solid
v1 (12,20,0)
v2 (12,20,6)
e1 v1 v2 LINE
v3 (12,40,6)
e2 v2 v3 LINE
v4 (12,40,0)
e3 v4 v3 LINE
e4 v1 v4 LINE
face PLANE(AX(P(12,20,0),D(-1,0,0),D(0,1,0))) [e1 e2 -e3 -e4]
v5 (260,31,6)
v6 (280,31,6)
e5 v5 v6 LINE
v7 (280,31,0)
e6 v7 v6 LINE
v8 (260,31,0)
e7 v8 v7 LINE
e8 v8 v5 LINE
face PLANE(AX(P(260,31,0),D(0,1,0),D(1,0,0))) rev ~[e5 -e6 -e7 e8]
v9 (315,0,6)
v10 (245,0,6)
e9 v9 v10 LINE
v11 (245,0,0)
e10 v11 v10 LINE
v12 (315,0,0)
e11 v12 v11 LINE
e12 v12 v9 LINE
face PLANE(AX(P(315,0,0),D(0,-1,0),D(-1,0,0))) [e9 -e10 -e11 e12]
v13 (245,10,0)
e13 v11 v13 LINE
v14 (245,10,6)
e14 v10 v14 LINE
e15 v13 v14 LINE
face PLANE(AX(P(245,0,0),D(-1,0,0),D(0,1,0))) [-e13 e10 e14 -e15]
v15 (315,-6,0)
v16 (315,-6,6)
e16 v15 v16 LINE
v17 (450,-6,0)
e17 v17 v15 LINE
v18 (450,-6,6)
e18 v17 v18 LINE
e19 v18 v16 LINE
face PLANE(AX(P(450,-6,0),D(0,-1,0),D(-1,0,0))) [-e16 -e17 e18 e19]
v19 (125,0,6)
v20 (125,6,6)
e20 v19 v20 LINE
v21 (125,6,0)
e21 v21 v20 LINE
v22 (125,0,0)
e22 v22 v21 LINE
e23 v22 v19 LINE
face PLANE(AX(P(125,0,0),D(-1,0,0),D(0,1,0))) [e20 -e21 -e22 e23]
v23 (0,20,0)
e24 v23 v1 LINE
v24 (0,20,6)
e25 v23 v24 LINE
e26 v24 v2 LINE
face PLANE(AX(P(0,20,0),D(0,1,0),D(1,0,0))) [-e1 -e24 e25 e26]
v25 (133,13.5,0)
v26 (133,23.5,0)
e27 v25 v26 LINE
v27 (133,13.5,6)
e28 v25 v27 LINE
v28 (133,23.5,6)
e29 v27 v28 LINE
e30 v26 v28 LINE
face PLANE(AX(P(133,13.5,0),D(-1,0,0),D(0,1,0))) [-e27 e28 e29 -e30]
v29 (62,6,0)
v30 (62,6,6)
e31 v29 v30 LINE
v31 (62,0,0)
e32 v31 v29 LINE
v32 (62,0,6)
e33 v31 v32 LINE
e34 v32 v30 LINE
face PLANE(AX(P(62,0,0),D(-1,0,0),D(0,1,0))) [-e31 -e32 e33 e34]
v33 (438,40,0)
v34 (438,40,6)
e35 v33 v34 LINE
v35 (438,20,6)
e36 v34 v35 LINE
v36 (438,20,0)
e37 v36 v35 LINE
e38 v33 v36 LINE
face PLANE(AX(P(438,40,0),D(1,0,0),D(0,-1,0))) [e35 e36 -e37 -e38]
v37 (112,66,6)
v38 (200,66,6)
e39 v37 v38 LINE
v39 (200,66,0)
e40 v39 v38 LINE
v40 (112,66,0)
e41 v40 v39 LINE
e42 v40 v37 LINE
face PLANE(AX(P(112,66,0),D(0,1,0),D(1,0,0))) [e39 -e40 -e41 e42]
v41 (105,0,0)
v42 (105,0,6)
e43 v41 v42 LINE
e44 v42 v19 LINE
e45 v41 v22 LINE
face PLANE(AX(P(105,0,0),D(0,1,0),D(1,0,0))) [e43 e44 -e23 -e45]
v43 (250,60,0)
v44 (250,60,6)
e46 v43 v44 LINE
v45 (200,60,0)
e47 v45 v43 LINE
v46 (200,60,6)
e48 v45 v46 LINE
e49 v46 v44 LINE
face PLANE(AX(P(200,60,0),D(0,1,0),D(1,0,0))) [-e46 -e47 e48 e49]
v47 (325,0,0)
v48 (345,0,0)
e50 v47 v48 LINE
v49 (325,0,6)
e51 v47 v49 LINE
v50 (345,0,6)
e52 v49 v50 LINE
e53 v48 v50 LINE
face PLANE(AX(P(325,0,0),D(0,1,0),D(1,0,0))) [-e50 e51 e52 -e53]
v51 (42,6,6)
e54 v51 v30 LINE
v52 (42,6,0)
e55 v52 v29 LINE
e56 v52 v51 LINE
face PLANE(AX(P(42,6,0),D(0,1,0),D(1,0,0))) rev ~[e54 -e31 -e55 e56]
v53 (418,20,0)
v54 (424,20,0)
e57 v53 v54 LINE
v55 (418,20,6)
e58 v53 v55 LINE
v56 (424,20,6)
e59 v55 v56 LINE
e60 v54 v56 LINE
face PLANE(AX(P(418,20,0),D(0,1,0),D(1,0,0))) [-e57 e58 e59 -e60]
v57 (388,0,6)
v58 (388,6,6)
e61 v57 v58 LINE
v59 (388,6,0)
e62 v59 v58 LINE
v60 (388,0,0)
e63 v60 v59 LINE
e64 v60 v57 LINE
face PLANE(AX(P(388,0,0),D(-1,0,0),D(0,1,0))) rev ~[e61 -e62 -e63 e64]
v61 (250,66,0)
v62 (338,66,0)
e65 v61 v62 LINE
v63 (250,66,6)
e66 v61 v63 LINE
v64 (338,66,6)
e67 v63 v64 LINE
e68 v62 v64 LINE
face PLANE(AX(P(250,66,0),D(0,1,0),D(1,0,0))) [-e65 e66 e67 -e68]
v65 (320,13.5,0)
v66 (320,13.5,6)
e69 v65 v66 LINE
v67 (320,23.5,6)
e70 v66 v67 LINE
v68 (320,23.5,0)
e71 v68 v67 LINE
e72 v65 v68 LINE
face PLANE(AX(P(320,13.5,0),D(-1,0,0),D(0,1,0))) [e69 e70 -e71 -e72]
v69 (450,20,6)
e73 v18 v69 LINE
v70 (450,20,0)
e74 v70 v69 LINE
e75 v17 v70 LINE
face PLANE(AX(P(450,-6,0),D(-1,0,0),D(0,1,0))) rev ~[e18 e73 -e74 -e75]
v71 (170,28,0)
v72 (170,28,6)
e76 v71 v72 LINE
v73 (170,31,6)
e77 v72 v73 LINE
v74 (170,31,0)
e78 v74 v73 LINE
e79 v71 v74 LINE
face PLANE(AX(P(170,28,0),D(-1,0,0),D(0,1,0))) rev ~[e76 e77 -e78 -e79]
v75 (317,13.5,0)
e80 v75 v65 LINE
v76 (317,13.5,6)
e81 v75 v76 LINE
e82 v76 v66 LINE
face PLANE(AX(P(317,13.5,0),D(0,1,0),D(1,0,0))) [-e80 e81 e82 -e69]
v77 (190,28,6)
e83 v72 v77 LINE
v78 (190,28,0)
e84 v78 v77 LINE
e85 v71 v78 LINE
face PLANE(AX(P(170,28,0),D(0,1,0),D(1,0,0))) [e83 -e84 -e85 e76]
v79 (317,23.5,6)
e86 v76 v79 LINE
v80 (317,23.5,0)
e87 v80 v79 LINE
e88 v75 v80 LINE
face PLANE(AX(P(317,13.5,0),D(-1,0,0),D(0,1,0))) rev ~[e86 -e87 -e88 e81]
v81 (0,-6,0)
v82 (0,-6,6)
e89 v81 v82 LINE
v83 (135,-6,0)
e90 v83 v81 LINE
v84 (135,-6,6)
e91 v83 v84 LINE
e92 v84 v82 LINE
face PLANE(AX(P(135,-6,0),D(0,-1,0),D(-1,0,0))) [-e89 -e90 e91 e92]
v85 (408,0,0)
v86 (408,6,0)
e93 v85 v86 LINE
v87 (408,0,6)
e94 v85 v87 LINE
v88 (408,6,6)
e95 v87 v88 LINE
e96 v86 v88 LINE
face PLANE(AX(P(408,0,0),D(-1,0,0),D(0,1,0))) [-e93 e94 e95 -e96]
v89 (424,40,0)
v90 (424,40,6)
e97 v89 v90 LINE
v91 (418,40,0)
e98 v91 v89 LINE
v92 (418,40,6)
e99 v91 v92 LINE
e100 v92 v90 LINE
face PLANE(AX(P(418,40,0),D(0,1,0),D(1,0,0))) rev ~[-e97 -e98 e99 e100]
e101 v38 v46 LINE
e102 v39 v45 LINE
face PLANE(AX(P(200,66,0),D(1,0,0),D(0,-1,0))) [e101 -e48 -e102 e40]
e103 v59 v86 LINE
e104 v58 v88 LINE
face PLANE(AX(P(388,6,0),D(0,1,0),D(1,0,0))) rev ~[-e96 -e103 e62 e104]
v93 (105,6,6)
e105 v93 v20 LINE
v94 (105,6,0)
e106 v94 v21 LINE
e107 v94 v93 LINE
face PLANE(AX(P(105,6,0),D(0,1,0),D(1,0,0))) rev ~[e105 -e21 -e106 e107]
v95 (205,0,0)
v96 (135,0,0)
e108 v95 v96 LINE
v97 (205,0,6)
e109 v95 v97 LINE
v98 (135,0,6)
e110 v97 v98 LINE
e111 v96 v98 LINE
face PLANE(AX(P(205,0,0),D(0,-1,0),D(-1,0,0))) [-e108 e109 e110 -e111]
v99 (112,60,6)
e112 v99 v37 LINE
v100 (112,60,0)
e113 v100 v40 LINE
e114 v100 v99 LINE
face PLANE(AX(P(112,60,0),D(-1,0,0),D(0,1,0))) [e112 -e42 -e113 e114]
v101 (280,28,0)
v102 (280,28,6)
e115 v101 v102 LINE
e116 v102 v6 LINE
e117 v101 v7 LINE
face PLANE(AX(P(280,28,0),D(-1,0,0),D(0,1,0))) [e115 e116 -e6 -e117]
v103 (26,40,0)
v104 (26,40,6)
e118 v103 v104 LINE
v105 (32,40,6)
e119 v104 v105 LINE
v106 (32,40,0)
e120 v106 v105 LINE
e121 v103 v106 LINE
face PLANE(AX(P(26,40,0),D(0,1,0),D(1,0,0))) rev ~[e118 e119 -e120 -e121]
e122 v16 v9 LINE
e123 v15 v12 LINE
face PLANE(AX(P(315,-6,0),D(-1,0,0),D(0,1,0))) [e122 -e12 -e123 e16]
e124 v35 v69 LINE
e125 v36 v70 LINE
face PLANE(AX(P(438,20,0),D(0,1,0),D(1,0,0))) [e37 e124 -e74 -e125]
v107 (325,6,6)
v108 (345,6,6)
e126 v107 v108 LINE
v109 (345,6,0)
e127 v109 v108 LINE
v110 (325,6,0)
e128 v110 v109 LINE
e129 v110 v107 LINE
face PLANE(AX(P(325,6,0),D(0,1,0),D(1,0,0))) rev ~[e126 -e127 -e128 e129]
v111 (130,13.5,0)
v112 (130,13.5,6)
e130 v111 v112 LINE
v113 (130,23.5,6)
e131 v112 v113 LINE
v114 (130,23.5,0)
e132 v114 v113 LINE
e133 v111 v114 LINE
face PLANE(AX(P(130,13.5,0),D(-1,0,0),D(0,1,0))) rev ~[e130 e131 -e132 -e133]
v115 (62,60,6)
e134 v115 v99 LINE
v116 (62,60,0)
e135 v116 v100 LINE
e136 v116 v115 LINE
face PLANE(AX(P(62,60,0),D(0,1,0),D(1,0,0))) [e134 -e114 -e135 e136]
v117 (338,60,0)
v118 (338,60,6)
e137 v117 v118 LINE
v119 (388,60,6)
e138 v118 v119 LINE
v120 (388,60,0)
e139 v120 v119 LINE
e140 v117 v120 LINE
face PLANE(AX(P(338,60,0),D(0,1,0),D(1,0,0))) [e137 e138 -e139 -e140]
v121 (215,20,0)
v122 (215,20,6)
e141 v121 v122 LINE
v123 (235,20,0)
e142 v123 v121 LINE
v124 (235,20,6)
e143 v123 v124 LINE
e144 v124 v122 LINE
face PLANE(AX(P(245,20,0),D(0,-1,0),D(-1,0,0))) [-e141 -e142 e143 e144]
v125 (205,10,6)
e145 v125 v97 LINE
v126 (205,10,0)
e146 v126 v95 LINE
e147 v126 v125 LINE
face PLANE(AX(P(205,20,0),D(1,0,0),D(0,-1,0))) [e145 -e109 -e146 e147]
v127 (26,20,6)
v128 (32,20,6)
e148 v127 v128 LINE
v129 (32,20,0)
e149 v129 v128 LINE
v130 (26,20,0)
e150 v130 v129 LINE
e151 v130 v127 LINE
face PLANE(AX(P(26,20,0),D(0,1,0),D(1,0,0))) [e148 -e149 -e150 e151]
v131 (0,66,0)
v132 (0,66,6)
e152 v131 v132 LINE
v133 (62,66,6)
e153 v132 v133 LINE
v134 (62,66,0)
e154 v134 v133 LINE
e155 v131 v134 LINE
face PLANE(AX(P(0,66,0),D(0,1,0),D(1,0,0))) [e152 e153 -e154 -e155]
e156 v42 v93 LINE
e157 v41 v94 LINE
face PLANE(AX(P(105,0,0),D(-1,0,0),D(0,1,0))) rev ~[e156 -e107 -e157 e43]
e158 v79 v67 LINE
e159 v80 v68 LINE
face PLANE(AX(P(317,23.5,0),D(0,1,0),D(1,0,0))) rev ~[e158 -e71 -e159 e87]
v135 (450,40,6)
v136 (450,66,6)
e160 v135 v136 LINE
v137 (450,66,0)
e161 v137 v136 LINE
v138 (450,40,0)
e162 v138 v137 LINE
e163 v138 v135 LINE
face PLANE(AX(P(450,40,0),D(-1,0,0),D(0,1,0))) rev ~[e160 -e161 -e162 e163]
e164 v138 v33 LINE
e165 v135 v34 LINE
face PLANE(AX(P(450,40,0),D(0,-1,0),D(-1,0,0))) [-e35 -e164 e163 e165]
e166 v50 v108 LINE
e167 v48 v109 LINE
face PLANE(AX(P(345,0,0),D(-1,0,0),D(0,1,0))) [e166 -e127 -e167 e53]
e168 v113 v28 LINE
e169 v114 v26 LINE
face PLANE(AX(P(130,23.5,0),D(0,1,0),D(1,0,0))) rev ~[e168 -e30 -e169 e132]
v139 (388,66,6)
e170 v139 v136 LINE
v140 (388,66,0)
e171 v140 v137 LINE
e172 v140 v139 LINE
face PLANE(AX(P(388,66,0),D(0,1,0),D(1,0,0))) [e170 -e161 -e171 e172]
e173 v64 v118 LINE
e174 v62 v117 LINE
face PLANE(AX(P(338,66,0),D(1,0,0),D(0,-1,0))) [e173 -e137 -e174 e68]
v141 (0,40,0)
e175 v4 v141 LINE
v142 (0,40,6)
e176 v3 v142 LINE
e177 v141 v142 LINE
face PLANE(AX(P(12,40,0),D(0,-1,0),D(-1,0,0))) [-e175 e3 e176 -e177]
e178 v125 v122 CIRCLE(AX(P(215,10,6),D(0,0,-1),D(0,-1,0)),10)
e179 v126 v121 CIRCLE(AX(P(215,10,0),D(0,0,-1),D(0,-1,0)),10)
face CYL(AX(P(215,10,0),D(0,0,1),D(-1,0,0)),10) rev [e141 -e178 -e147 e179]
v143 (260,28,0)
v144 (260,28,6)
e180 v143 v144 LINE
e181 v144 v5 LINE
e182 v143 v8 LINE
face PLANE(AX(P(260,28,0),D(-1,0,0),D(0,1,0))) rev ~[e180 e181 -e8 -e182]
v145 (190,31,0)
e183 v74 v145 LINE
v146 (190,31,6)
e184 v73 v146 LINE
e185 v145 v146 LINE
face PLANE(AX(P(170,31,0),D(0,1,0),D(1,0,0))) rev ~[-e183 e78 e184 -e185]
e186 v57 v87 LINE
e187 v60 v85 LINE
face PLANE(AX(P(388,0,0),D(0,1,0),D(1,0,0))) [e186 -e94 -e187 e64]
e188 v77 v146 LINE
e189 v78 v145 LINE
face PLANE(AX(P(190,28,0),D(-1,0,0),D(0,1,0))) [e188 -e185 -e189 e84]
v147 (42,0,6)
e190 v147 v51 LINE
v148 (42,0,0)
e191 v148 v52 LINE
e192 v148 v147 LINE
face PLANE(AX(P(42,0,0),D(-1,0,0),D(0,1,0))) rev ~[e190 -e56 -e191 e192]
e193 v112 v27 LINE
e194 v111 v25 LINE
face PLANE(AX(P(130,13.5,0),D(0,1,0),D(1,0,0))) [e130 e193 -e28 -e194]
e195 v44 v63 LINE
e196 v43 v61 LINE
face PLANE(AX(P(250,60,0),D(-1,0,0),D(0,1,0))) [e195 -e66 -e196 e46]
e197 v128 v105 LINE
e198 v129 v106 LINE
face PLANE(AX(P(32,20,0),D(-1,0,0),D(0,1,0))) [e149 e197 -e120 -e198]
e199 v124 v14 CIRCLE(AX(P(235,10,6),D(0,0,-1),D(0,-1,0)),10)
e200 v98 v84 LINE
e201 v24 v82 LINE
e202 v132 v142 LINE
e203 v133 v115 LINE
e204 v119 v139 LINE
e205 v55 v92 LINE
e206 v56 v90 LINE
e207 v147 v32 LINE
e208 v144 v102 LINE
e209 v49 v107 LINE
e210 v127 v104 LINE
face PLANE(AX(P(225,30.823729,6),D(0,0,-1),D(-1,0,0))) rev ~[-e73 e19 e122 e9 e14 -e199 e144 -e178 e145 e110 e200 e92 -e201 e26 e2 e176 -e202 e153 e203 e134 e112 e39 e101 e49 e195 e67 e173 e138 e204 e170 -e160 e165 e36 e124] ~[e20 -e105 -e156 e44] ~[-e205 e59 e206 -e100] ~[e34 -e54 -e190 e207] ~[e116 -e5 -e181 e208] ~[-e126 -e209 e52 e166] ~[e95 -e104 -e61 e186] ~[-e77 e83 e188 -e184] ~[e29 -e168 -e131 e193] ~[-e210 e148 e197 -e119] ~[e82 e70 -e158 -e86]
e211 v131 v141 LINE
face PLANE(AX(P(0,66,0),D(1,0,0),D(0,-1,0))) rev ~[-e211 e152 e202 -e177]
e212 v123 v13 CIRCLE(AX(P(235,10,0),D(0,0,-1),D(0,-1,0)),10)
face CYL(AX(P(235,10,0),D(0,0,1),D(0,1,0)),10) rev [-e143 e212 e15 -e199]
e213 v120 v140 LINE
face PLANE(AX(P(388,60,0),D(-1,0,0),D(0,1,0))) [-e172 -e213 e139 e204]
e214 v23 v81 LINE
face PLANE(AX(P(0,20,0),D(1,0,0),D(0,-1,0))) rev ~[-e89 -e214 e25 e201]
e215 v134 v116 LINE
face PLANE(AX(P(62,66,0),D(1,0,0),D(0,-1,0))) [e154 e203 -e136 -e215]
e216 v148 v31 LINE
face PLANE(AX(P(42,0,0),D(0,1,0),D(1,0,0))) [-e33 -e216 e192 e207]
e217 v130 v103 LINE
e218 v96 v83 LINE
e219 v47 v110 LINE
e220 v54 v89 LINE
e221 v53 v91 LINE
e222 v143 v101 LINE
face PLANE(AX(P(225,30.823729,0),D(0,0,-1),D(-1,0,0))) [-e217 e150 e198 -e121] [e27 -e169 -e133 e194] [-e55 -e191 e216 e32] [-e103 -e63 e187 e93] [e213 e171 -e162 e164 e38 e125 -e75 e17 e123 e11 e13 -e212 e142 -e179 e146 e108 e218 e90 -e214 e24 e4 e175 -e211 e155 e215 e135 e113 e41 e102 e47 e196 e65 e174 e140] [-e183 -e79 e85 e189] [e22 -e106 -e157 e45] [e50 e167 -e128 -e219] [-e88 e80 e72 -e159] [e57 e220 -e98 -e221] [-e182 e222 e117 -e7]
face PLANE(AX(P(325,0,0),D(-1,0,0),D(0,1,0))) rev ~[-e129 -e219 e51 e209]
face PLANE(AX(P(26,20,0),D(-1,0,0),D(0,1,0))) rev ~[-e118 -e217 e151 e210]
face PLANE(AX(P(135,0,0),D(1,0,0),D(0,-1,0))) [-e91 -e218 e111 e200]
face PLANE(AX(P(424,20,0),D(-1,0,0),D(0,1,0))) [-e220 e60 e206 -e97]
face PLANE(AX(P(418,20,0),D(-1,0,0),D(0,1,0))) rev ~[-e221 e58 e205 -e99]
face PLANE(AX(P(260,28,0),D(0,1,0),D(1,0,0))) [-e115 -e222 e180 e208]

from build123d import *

# Parameters (mm, degrees)
SKETCH_1_W      = 20
SKETCH_1_H      = 6
SKETCH_1_W_2    = 6
SKETCH_1_H_2    = 20
SKETCH_1_W_3    = 3
SKETCH_1_H_3    = 10
SKETCH_1_H_4    = 3
EXTRUDE_1_DEPTH = 6
FILLET_1_R      = 10
FILLET_2_R      = 10


with BuildPart() as part:
    # Эскиз1 → Бобышка-Вытянуть1 (new body)
    with BuildSketch(Plane.XY):
        Polygon((0, 60), (0, 66), (62, 66), (62, 60), (112, 60), (112, 66), (200, 66), (200, 60), (250, 60), (250, 66), (338, 66), (338, 60), (388, 60), (388, 66), (450, 66), (450, 60), (450, 40), (438, 40), (438, 20), (450, 20), (450, 0), (450, -6), (315, -6), (315, 0), (245, 0), (245, 20), (205, 20), (205, 0), (135, 0), (135, -6), (0, -6), (0, 0), (0, 20), (12, 20), (12, 40), (0, 40), align=None)
        with Locations((115, 3)):
            Rectangle(SKETCH_1_W, SKETCH_1_H, mode=Mode.SUBTRACT)
        with Locations((335, 3)):
            Rectangle(SKETCH_1_W, SKETCH_1_H, mode=Mode.SUBTRACT)
        with Locations((29, 30)):
            Rectangle(SKETCH_1_W_2, SKETCH_1_H_2, mode=Mode.SUBTRACT)
        with Locations((421, 30)):
            Rectangle(SKETCH_1_W_2, SKETCH_1_H_2, mode=Mode.SUBTRACT)
        with Locations((398, 3)):
            Rectangle(SKETCH_1_W, SKETCH_1_H, mode=Mode.SUBTRACT)
        with Locations((52, 3)):
            Rectangle(SKETCH_1_W, SKETCH_1_H, mode=Mode.SUBTRACT)
        with Locations((318.5, 18.5)):
            Rectangle(SKETCH_1_W_3, SKETCH_1_H_3, mode=Mode.SUBTRACT)
        with Locations((131.5, 18.5)):
            Rectangle(SKETCH_1_W_3, SKETCH_1_H_3, mode=Mode.SUBTRACT)
        with Locations((180, 29.5)):
            Rectangle(SKETCH_1_W, SKETCH_1_H_4, mode=Mode.SUBTRACT)
        with Locations((270, 29.5)):
            Rectangle(SKETCH_1_W, SKETCH_1_H_4, mode=Mode.SUBTRACT)
    extrude(amount=EXTRUDE_1_DEPTH)

    # Скругление1
    fillet_1_edges = [part.edges().sort_by_distance(p)[0] for p in [
        (205, 20, 3),
    ]]
    fillet(fillet_1_edges, radius=FILLET_1_R)

    # Скругление2
    fillet_2_edges = [part.edges().sort_by_distance(p)[0] for p in [
        (245, 20, 3),
    ]]
    fillet(fillet_2_edges, radius=FILLET_2_R)


solid = part.part
